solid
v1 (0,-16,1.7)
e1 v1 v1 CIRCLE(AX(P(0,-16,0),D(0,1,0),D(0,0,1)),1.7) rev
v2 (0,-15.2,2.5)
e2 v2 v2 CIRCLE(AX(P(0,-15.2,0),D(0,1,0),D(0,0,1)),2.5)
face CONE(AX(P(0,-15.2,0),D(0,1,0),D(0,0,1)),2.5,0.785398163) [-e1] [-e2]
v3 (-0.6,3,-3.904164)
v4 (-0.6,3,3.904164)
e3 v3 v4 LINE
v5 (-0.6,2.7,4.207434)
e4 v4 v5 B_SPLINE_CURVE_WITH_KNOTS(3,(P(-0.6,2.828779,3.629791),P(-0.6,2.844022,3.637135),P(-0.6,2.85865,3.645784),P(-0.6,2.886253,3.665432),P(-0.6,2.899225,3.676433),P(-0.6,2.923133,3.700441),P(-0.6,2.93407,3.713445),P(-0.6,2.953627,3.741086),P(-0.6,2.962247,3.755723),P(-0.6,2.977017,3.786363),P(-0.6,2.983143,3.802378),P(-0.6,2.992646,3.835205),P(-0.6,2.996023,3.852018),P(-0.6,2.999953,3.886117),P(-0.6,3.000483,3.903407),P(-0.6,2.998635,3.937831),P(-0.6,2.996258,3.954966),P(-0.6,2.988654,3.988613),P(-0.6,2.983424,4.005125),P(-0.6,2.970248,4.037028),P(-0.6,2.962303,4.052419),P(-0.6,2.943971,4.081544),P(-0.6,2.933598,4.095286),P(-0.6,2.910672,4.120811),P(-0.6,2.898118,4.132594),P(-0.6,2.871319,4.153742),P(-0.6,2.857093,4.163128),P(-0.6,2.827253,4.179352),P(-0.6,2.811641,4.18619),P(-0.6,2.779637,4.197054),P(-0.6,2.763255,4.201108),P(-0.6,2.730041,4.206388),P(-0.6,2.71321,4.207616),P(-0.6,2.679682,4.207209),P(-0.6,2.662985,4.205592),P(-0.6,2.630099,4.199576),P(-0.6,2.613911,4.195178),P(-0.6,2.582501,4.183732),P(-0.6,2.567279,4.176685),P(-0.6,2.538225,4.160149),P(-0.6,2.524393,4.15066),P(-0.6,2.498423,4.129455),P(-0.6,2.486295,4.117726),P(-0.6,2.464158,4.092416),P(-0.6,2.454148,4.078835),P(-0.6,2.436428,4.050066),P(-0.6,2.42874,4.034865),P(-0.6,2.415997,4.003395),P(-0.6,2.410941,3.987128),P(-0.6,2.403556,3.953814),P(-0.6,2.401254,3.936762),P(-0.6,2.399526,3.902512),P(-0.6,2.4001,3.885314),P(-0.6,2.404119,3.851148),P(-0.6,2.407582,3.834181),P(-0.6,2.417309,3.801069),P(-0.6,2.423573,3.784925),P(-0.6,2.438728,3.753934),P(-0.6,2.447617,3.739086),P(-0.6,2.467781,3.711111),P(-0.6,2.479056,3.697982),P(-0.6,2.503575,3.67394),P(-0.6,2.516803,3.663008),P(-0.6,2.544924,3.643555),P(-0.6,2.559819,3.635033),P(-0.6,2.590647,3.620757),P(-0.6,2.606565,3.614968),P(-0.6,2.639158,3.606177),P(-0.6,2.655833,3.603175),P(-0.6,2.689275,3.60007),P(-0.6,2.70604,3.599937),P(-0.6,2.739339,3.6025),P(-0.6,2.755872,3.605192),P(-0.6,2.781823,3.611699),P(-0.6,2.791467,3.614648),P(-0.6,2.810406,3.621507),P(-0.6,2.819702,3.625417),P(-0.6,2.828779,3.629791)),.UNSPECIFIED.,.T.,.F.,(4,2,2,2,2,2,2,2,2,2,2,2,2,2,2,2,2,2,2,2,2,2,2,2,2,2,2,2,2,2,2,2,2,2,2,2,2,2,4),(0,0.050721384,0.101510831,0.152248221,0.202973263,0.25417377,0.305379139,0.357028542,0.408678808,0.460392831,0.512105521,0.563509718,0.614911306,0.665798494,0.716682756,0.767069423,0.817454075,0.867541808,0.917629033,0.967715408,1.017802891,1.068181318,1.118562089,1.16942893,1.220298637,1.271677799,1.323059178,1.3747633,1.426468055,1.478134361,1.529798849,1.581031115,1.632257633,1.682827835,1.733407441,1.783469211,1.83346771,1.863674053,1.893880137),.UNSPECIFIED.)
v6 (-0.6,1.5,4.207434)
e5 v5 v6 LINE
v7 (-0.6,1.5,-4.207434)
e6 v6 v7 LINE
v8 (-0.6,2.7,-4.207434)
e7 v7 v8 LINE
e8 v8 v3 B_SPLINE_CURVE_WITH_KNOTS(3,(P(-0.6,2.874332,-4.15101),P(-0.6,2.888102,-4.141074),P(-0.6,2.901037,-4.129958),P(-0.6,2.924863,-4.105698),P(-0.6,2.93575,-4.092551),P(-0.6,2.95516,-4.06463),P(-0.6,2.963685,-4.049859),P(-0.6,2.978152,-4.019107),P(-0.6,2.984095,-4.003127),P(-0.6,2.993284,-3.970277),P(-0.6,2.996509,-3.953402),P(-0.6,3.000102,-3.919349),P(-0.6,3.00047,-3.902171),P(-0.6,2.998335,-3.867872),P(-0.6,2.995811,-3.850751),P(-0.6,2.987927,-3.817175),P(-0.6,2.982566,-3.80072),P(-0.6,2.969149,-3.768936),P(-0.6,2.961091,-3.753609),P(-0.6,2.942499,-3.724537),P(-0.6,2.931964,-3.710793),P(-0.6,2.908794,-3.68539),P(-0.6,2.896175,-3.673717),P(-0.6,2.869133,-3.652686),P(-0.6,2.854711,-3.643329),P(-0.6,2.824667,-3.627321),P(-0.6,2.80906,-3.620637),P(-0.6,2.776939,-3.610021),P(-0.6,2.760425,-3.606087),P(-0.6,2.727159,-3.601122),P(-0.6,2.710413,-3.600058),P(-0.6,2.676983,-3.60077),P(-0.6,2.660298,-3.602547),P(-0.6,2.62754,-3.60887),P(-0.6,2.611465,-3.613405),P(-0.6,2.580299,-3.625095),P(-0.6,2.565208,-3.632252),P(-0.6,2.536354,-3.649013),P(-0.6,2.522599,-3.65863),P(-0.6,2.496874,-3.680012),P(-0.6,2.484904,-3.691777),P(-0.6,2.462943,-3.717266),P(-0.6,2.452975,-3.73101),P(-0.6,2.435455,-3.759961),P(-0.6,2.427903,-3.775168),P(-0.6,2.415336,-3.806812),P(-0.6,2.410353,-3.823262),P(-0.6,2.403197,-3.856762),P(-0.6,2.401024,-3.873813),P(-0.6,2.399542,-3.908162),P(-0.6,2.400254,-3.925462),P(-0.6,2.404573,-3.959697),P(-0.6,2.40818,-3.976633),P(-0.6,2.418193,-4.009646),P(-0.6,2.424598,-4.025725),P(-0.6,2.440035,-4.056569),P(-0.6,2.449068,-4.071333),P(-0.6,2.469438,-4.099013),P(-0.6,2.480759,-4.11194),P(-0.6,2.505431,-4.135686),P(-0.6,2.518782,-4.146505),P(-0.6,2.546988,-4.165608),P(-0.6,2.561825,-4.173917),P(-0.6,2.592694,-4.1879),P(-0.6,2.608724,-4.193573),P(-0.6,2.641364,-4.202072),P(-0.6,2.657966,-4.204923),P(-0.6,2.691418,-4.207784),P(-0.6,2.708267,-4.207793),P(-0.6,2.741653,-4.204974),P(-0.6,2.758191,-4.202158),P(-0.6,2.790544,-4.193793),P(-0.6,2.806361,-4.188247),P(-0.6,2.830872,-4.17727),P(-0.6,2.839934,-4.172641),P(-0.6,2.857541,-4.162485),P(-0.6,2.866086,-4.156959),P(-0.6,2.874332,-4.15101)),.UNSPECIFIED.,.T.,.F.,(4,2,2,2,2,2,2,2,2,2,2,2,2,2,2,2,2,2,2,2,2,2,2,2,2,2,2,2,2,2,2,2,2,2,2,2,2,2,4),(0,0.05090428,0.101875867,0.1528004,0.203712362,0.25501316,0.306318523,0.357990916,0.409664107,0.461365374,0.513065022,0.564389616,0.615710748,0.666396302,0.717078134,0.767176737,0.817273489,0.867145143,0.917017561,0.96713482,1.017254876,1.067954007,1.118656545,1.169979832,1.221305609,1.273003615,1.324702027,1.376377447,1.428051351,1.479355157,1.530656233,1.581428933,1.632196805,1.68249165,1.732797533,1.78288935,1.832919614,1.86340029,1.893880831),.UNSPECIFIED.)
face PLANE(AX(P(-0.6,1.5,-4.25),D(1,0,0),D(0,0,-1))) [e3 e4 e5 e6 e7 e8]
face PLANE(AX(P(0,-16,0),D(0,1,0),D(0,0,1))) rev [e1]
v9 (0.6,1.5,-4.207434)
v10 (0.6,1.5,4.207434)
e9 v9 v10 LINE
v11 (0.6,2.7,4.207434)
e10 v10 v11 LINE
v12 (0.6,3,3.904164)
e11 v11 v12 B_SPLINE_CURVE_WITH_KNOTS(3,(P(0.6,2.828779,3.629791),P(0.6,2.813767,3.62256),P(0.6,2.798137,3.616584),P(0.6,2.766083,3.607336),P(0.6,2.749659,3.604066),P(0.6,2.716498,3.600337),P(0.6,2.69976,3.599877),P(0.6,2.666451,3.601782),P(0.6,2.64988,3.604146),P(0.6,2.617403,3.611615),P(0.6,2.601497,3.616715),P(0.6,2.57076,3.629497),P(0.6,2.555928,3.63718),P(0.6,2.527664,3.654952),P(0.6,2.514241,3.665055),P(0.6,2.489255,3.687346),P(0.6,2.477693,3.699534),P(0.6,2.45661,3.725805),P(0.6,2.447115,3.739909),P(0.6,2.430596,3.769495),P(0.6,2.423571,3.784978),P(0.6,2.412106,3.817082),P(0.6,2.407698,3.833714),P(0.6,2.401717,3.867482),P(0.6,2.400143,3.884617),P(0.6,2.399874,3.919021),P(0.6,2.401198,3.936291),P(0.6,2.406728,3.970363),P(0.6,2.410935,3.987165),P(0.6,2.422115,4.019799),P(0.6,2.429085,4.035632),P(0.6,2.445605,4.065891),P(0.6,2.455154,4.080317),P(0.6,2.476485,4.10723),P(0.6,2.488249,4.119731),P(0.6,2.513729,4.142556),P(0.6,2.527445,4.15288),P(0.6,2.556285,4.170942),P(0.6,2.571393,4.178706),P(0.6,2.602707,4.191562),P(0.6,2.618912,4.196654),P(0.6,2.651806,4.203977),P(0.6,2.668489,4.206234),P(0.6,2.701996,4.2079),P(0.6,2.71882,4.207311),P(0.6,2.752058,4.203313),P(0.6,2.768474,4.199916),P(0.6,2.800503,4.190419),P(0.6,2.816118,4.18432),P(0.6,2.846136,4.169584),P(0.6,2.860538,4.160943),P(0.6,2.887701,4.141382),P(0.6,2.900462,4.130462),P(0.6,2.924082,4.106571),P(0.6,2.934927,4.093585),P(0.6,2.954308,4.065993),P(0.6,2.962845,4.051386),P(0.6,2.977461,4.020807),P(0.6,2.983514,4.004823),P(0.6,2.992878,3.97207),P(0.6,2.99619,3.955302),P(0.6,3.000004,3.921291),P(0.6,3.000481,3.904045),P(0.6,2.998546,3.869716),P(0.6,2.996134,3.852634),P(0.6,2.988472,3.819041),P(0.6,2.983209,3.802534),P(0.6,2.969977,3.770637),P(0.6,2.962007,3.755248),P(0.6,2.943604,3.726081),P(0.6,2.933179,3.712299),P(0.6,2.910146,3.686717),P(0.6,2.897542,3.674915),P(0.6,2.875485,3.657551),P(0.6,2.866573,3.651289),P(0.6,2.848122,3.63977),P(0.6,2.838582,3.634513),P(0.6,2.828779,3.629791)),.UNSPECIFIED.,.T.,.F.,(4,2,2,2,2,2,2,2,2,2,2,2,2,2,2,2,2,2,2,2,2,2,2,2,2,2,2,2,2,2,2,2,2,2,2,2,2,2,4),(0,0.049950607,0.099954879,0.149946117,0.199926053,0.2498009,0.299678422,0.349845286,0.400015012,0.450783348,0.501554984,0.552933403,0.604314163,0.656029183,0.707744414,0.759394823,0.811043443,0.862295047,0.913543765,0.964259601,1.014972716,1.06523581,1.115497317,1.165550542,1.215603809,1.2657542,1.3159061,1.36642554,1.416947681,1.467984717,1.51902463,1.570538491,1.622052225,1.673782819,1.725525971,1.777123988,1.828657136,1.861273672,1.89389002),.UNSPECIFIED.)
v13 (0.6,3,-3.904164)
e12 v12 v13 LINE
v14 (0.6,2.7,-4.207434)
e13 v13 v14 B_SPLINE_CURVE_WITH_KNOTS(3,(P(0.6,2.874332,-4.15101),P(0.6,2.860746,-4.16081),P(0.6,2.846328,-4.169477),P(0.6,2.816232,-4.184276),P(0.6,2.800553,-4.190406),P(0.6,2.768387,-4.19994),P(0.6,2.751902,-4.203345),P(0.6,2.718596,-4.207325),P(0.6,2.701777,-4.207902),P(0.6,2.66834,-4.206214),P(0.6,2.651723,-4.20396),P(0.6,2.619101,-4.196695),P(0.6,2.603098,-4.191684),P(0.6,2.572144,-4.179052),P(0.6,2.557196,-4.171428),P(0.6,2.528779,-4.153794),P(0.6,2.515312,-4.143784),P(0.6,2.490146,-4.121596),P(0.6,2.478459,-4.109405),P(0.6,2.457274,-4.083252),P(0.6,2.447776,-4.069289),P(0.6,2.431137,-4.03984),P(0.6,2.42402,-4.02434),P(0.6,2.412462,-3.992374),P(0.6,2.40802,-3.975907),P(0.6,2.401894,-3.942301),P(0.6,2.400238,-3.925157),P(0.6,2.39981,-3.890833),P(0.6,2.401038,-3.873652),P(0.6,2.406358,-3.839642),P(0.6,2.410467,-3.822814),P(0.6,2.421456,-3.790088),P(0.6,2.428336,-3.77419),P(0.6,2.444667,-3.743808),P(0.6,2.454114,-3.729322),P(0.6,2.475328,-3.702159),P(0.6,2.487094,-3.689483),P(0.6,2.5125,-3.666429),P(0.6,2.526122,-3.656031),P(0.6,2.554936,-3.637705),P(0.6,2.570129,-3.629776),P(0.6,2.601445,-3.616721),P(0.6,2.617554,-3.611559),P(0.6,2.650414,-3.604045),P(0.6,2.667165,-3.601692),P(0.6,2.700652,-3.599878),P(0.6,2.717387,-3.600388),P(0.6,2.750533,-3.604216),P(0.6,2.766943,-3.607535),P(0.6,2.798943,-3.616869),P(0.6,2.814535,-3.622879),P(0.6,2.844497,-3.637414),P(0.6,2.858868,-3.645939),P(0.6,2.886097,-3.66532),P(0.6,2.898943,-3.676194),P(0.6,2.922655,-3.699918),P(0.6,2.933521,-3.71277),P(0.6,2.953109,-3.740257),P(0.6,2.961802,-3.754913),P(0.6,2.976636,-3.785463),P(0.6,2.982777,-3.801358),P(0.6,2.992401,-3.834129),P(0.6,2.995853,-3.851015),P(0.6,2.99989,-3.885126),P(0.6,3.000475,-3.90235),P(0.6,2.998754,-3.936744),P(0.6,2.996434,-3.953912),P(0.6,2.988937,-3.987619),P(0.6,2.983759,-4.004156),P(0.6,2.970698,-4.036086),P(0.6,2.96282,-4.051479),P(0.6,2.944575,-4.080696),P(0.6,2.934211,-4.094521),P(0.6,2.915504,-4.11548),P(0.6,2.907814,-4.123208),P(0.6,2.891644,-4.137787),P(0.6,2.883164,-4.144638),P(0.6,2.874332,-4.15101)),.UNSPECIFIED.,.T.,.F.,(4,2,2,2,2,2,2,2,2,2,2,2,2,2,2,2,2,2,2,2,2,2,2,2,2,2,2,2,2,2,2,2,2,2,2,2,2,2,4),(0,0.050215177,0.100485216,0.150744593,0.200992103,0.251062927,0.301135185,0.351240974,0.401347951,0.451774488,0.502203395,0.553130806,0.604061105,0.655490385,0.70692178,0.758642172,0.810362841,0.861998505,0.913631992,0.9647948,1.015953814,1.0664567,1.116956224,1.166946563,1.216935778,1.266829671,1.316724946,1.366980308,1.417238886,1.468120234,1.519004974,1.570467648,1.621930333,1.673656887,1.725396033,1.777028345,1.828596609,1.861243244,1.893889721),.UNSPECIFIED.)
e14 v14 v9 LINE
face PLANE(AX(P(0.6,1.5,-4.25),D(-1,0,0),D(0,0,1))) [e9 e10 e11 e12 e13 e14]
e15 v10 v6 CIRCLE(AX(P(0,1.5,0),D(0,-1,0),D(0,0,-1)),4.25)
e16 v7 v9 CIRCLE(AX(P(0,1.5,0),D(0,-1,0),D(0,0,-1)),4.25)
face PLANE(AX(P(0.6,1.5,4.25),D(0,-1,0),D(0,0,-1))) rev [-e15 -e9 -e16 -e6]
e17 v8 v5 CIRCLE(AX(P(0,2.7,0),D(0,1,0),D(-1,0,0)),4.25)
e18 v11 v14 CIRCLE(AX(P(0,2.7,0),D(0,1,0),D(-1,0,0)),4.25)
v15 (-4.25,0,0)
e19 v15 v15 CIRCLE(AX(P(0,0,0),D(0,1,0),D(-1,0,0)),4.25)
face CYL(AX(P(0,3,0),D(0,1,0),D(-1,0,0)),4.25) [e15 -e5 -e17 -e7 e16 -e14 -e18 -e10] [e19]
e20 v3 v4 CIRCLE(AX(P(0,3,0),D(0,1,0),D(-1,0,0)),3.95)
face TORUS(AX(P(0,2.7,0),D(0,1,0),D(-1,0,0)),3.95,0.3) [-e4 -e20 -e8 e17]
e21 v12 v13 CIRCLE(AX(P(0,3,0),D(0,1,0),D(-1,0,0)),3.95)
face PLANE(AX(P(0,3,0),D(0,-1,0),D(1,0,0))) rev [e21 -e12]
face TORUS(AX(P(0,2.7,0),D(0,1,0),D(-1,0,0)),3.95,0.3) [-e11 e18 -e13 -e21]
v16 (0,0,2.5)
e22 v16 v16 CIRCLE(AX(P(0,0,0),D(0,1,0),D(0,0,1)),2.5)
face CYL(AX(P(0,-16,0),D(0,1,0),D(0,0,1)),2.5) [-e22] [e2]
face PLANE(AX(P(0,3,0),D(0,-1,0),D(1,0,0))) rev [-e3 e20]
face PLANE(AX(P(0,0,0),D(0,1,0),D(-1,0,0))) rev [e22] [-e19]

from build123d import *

# Parameters (mm, degrees)
TIGE_START              = -16
ESQUISSE1_R             = 2.5
TIGE_DEPTH              = 16
CHANFREIN_D_ENTR_E_SIZE = 0.8
ESQUISSE3_W             = 1.2
ESQUISSE3_H             = 8.5
FENTE_DEPTH             = 1.5


with BuildPart() as part:
    # Esquisse1 → Tige (new body)
    with BuildSketch(Plane(origin=(0, 0, 0), x_dir=(1, 0, 0), z_dir=(0, 1, 0)).offset(TIGE_START)):
        with Locations(Location((0, 0, 0), (0, 0, 270))):
            Circle(ESQUISSE1_R)
    extrude(amount=TIGE_DEPTH)

    # Chanfrein d'entrée
    chanfrein_d_entr_e_edges = [part.edges().sort_by_distance(p)[0] for p in [
        (0, -16, -2.5),
    ]]
    chamfer(chanfrein_d_entr_e_edges, length=CHANFREIN_D_ENTR_E_SIZE)

    # Esquisse2 → Tête (revolve)
    with BuildSketch(Plane.XY, mode=Mode.PRIVATE) as t_te_sk:
        with BuildLine():
            Line((0, 0), (4.25, 0))
            Line((4.25, 0), (4.25, 2.7))
            ThreePointArc((4.25, 2.7), (4.162132034, 2.912132034), (3.95, 3))
            Line((3.95, 3), (0, 3))
            Line((0, 3), (0, 0))
        make_face()
    revolve(t_te_sk.sketch.rotate(Axis((0, 3, 0), (0, -1, 0)), 180), axis=Axis((0, 3, 0), (0, -1, 0)))

    # Esquisse3 → Fente (cut)
    with BuildSketch(Plane(origin=(0, 3, -1.8), x_dir=(1, 0, 0), z_dir=(0, -1, 0))):
        with Locations((0, 1.8)):
            Rectangle(ESQUISSE3_W, ESQUISSE3_H)
    extrude(amount=FENTE_DEPTH, mode=Mode.SUBTRACT)


solid = part.part
